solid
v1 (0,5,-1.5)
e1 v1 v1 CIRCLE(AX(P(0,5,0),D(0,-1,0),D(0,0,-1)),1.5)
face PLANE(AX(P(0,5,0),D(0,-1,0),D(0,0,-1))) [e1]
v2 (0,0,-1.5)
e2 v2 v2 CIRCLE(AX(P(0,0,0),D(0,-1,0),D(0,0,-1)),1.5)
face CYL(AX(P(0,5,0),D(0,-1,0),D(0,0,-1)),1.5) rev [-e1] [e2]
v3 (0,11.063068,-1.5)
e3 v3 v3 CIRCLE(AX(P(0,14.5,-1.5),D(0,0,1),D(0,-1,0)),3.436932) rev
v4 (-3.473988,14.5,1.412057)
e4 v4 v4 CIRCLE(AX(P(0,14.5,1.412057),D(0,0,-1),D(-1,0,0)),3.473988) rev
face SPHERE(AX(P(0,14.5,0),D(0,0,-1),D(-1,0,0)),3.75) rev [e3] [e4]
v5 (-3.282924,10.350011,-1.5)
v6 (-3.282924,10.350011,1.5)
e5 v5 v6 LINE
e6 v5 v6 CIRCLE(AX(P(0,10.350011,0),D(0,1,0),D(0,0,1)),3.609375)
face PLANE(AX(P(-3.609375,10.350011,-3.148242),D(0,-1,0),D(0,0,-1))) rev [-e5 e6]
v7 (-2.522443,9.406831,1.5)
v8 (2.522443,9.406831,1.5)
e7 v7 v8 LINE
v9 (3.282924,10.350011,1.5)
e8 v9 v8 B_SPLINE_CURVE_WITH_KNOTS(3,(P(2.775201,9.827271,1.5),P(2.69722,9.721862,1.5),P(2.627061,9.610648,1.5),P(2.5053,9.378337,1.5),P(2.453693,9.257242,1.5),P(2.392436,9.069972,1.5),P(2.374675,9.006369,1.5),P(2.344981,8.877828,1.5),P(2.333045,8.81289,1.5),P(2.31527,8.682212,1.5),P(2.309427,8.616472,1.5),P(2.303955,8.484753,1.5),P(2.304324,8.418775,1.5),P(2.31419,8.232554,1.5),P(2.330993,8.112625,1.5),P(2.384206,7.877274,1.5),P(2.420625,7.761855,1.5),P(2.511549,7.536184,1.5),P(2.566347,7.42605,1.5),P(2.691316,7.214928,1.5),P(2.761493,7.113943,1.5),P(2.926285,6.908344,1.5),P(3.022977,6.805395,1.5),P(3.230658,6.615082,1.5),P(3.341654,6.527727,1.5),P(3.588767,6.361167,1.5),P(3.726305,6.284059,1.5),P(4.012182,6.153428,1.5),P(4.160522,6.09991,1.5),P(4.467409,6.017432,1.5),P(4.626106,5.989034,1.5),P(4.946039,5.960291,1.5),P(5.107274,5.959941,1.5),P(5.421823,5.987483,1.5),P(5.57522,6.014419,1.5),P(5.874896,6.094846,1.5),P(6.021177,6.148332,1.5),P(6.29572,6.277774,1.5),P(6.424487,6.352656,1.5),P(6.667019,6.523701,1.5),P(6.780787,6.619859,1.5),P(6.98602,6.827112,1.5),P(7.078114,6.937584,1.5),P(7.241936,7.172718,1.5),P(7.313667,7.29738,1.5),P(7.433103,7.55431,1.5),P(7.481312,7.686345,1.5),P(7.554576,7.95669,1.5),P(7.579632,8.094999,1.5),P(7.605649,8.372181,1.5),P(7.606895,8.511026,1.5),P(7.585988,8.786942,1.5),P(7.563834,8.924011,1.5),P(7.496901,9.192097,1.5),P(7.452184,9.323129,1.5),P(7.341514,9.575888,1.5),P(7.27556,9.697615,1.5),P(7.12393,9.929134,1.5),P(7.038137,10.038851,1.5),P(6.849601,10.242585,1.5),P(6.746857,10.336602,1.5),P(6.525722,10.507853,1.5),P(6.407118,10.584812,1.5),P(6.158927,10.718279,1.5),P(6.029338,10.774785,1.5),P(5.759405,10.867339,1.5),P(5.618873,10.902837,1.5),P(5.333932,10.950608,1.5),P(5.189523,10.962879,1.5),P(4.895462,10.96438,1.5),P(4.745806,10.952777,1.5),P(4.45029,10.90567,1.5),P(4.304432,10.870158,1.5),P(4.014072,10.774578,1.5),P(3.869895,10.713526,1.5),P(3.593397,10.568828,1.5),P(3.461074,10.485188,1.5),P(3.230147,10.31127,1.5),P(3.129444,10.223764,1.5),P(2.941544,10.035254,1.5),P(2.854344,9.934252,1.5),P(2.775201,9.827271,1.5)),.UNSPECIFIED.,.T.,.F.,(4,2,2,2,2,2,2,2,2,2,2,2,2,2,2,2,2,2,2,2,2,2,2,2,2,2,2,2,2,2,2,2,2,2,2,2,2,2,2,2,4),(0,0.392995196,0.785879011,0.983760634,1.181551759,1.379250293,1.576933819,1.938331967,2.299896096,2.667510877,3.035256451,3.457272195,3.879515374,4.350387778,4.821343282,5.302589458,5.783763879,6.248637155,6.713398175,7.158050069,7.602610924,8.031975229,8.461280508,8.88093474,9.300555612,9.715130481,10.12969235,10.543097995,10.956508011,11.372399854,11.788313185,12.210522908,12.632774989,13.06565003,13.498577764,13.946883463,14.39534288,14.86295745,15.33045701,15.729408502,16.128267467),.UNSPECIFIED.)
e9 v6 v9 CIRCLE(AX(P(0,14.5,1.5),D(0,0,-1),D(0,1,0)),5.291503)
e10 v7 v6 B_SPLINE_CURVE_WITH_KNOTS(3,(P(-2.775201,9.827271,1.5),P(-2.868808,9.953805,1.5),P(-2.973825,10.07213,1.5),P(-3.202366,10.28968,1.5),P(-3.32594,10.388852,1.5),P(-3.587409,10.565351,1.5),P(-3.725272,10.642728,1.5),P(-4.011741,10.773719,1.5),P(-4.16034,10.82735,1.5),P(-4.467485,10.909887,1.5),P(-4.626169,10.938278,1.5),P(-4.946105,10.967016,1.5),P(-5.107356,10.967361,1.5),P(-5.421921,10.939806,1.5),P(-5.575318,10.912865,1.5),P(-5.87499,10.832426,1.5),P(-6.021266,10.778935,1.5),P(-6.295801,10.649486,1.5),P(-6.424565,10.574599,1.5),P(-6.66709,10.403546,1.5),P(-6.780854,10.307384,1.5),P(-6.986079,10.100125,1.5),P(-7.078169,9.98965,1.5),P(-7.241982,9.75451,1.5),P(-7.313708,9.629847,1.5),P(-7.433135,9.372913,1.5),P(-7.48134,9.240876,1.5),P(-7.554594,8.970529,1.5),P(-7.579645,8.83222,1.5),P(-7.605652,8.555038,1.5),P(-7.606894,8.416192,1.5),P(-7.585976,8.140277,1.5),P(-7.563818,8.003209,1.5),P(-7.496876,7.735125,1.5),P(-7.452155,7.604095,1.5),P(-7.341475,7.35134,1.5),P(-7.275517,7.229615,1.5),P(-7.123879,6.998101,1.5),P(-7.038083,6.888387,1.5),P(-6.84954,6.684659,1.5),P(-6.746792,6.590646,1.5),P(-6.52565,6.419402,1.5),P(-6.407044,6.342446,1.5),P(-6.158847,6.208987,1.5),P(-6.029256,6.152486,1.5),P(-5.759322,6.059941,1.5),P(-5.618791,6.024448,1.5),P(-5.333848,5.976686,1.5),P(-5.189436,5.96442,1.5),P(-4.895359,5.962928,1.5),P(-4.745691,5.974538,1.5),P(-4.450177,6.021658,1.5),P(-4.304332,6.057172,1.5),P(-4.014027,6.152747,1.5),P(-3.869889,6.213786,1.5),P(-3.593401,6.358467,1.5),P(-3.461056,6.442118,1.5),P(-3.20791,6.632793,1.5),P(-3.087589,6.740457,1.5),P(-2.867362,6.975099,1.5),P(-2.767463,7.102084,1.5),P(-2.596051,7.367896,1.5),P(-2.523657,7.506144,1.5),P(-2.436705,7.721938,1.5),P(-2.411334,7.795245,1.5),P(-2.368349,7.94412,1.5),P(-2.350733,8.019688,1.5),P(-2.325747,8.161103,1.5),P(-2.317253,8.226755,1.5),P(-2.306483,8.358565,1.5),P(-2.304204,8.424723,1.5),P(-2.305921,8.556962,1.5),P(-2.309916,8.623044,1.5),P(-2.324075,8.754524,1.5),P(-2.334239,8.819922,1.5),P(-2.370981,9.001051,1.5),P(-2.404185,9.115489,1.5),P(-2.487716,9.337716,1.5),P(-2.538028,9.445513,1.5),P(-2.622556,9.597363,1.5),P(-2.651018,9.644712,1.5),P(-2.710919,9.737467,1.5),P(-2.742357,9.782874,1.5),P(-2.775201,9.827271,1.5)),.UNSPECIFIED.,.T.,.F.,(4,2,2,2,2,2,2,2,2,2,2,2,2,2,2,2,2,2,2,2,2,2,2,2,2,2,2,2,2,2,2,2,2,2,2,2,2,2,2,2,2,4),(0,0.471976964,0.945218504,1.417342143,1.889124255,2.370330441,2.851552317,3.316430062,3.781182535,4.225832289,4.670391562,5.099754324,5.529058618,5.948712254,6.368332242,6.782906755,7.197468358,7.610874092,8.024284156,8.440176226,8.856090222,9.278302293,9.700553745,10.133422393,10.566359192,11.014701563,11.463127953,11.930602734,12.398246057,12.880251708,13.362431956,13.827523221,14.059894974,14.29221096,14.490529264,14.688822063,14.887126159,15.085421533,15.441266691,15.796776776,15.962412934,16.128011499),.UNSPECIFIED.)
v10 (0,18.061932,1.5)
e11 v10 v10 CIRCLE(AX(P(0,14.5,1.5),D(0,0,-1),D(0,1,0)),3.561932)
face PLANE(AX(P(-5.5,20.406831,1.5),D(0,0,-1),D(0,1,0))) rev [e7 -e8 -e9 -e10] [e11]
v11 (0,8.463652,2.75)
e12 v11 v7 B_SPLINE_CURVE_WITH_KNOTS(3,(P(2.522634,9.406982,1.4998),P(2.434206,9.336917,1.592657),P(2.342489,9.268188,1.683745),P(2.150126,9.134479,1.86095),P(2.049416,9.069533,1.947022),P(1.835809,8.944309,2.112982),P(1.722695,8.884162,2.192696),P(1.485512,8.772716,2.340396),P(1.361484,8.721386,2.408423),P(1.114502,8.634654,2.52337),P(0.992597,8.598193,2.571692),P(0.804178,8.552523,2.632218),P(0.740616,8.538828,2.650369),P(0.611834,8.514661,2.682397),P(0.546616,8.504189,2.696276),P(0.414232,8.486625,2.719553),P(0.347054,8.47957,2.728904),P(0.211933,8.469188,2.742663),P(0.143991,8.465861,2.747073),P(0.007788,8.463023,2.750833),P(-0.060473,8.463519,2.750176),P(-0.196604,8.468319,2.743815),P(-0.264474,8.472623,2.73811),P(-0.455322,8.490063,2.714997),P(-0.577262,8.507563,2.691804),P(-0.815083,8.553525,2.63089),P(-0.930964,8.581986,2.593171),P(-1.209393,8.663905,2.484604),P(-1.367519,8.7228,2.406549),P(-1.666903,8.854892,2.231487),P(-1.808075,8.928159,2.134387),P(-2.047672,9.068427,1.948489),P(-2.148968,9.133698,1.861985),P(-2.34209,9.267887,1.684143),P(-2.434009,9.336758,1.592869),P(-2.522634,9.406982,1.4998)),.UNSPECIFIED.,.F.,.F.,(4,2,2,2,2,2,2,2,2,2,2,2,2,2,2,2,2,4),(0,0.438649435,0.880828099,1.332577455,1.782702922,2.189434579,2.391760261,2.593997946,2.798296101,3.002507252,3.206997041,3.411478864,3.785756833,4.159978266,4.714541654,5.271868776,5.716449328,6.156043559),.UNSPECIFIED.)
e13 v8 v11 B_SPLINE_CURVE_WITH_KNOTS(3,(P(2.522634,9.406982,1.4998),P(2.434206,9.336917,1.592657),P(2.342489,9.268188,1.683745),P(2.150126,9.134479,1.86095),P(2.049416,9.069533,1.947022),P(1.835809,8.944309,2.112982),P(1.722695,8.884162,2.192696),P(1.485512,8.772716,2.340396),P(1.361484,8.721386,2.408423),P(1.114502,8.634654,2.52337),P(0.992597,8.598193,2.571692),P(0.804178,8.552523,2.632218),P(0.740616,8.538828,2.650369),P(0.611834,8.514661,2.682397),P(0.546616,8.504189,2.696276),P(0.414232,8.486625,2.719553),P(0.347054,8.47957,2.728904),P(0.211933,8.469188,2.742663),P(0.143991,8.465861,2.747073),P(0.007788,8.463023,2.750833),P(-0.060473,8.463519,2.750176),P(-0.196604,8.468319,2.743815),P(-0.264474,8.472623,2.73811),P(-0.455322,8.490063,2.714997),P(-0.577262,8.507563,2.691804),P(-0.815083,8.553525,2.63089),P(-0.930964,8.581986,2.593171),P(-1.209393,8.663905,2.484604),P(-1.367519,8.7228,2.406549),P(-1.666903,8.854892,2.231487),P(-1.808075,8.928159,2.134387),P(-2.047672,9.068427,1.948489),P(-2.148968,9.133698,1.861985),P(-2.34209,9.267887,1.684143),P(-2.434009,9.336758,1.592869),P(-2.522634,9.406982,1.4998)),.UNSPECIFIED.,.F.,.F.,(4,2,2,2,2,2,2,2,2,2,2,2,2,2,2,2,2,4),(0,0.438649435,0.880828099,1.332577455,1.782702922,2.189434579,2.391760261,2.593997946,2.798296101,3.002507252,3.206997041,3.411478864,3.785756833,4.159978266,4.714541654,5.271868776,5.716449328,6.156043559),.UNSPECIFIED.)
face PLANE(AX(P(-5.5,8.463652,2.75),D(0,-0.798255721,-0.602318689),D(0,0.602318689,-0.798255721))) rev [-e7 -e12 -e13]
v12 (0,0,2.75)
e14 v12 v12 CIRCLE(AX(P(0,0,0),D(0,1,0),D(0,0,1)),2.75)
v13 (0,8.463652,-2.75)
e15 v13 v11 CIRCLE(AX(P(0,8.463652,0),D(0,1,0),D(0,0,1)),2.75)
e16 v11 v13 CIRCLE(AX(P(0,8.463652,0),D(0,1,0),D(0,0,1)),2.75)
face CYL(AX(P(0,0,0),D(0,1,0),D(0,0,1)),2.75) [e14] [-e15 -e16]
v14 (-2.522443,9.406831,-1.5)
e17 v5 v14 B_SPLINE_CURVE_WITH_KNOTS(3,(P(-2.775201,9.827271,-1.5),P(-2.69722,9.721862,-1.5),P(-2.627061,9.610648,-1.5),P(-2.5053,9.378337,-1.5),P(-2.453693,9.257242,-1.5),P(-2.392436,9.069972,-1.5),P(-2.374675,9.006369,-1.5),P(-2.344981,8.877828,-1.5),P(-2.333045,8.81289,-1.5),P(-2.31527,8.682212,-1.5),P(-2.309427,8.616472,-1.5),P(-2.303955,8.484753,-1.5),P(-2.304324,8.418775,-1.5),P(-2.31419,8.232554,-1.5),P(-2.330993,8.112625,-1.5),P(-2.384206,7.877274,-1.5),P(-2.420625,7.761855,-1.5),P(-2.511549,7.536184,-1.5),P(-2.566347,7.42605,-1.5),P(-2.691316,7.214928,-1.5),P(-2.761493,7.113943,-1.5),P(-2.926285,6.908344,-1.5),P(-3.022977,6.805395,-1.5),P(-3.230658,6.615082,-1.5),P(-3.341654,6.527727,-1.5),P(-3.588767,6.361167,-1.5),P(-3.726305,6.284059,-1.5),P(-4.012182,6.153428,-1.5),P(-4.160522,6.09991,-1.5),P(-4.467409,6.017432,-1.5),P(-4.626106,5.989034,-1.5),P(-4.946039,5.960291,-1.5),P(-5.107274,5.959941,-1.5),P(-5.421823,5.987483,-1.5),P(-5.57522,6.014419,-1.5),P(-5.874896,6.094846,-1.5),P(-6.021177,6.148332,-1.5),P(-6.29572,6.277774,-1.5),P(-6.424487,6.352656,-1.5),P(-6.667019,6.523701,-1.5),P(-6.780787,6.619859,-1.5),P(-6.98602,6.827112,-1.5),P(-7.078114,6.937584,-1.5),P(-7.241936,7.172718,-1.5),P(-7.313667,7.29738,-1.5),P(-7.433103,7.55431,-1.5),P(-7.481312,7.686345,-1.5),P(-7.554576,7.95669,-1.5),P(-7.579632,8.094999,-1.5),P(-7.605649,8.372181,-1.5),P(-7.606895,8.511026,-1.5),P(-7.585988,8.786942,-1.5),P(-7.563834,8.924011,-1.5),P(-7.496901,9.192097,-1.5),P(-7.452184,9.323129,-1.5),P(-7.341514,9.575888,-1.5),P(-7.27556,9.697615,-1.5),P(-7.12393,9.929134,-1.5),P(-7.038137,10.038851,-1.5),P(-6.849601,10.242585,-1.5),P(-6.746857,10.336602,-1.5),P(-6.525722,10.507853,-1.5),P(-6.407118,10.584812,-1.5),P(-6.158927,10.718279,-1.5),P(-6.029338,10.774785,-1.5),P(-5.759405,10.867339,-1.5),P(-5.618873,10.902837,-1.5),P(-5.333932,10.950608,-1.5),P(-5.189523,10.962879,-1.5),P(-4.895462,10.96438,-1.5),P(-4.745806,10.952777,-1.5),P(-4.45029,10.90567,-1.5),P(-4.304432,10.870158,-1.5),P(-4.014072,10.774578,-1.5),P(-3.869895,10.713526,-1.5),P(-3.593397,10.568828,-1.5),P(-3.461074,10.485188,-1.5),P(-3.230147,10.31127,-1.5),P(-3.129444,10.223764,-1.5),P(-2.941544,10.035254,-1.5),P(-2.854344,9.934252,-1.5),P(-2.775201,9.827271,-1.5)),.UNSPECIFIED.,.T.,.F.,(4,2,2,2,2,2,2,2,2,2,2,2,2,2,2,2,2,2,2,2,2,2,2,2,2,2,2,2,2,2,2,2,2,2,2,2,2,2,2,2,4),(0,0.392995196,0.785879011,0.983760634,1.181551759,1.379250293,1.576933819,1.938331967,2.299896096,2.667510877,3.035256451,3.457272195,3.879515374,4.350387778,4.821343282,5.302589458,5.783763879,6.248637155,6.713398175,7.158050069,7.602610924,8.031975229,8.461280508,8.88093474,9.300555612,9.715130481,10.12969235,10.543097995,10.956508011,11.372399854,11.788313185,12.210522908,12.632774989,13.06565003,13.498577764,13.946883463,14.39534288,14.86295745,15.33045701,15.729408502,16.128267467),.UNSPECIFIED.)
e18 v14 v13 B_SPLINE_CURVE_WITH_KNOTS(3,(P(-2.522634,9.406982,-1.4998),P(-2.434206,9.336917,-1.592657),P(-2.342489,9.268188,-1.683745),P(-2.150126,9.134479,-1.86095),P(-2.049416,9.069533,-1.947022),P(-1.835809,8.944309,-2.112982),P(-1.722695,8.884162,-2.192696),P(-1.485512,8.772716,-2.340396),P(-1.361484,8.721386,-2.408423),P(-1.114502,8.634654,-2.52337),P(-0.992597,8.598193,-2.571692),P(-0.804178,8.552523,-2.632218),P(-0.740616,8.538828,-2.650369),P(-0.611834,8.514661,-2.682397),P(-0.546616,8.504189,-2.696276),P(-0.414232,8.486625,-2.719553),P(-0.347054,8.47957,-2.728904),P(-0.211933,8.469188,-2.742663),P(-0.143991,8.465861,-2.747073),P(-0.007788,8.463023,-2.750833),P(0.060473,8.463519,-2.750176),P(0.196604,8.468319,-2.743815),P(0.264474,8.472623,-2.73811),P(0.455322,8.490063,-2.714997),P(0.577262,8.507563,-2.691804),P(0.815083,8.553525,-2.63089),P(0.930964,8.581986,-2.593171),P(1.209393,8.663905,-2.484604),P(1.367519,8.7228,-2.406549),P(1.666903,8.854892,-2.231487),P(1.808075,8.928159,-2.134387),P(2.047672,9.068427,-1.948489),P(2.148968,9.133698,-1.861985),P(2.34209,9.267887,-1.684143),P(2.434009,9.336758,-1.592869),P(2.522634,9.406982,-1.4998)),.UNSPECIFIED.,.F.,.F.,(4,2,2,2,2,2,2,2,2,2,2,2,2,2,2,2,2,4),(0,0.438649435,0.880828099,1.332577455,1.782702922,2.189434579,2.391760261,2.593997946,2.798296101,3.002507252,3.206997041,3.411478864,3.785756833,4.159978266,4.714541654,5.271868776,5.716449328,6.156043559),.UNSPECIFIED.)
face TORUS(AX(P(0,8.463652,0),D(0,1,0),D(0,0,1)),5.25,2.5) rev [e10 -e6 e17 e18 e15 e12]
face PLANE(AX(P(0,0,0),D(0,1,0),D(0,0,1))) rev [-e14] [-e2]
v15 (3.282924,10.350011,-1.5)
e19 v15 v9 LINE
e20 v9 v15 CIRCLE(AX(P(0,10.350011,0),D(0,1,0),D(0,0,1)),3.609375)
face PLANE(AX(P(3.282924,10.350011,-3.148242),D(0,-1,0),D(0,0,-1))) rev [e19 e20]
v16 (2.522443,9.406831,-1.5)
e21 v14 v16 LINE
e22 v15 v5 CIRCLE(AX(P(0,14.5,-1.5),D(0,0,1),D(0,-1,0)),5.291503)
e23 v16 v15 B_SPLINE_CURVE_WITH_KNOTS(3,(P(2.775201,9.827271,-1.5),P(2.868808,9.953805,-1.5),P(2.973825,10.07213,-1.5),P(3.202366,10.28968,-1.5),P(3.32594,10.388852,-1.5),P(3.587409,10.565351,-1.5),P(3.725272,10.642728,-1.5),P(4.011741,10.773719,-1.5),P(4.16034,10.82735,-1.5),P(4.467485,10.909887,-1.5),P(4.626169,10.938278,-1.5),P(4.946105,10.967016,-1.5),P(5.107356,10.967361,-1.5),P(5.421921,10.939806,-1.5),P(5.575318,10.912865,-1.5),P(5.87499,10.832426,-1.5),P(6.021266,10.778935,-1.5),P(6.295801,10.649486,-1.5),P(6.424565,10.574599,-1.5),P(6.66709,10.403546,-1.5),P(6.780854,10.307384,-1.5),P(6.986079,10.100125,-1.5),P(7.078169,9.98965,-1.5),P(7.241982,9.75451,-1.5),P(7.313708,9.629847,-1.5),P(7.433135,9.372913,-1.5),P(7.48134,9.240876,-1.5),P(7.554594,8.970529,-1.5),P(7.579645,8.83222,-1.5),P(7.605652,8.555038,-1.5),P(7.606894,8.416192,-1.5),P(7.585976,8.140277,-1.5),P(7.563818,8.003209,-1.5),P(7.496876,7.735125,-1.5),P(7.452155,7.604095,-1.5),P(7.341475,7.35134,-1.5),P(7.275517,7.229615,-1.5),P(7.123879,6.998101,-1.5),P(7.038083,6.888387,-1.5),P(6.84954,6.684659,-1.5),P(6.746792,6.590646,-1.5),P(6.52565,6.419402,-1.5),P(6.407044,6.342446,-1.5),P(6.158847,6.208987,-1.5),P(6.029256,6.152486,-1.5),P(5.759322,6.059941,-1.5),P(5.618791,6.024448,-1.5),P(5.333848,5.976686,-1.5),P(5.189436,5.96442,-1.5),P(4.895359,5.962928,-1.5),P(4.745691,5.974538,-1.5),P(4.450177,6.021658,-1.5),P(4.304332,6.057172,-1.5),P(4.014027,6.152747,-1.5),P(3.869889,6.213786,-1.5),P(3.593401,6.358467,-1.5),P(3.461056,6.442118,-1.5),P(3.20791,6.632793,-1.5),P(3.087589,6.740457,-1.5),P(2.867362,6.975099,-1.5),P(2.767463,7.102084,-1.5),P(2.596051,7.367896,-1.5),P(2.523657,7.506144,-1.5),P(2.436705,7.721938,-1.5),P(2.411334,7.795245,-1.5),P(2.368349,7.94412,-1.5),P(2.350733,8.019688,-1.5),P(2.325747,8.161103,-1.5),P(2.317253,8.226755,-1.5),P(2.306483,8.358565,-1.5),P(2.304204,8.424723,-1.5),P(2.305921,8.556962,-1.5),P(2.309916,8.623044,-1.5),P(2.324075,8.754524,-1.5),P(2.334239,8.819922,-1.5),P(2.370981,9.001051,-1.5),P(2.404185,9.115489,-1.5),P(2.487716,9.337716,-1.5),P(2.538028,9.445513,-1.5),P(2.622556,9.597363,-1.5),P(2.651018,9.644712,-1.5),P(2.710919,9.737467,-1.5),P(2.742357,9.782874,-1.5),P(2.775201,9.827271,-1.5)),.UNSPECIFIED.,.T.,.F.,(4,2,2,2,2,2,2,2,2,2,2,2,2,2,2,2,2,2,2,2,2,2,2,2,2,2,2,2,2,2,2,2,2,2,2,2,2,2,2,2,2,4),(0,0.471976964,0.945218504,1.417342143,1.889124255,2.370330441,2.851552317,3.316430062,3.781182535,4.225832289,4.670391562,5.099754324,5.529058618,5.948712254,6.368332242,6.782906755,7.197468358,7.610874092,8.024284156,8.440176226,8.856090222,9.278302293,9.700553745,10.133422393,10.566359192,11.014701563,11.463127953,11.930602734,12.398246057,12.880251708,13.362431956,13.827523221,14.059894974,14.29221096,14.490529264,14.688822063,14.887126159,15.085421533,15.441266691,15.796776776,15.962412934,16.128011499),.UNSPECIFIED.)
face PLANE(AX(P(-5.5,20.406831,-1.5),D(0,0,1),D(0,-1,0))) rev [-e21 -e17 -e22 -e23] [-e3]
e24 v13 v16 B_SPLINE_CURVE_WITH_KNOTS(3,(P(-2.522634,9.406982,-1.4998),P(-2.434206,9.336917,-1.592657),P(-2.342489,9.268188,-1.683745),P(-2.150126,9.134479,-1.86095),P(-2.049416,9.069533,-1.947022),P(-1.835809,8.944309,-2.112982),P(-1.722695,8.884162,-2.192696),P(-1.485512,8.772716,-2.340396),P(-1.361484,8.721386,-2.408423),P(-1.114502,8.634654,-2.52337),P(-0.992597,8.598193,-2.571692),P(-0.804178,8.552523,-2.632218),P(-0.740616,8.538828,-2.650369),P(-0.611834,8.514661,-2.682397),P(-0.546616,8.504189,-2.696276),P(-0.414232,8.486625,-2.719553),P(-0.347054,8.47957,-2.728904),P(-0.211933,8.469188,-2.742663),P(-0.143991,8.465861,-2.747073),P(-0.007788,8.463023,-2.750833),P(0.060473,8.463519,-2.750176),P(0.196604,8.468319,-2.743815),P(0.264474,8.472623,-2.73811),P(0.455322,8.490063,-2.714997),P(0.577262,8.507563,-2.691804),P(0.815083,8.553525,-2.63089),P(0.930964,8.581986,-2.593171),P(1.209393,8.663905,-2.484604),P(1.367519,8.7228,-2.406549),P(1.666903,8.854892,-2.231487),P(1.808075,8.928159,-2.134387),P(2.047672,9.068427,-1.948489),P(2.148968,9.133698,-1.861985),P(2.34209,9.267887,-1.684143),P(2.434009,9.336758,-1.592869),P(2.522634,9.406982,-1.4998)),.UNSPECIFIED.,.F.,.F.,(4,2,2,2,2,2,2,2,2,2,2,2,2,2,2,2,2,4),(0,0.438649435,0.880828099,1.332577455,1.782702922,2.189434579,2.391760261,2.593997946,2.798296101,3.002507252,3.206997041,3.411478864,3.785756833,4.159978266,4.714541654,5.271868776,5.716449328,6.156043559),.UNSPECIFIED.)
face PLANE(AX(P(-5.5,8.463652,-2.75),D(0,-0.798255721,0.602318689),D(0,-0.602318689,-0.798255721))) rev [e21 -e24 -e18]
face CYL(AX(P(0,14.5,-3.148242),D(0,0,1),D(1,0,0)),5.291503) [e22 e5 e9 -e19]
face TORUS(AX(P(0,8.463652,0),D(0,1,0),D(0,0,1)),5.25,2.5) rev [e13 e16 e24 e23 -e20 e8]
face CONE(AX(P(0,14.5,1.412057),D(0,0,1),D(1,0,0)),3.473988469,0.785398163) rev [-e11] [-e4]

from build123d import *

# Parameters (mm, degrees)
CUT_EXTRUDE1_DEPTH      = 22.459263734
CUT_EXTRUDE1_DEPTH_BACK = 22.459263734
CUT_EXTRUDE2_DEPTH      = 21.923969522
CUT_EXTRUDE2_DEPTH_BACK = 21.923969522
SKETCH3_R               = 3
CHAMFER1_SIZE           = 0.125
CHAMFER1_SIZE2          = 0.094947636
CUT_EXTRUDE3_DEPTH      = 22.17339134
CUT_EXTRUDE3_DEPTH_BACK = 22.17339134
SKETCH7_R               = 1.5
CUT_EXTRUDE4_DEPTH      = 5


with BuildPart() as part:
    # Sketch1 → Revolve1 (revolve)
    with BuildSketch(Plane.XY, mode=Mode.PRIVATE) as revolve1_sk:
        with BuildLine():
            Line((0, 11), (0, 0))
            Line((0, 0), (2.75, 0))
            Line((2.75, 0), (2.75, 8.463651766))
            ThreePointArc((2.75, 8.463651766), (2.97496566, 9.500097013), (3.609375, 10.350010589))
            ThreePointArc((3.609375, 10.350010589), (5.151453278, 16.426792444), (0, 20))
            Line((0, 20), (0, 11))
        make_face()
    revolve(revolve1_sk.sketch.rotate(Axis((0, 0, 0), (0, -1, 0)), 90), axis=Axis((0, 0, 0), (0, -1, 0)))

    # Sketch2 → Cut-Extrude1 (cut, two sides: drawn at the far end of the back side and taken through both)
    with BuildSketch(Plane(origin=(0, 0, 0), x_dir=(0, 0, -1), z_dir=(1, 0, 0)).offset(-CUT_EXTRUDE1_DEPTH_BACK)):
        Polygon((-6.5, 9.406831178), (-2.75, 8.463651766), (-1.5, 9.406831178), (-1.5, 20.406831178), (-6.5, 20.406831178), align=None)
        Polygon((6.5, 20.406831178), (6.5, 9.406831178), (2.75, 8.463651766), (1.5, 9.406831178), (1.5, 20.406831178), align=None)
    extrude(amount=CUT_EXTRUDE1_DEPTH + CUT_EXTRUDE1_DEPTH_BACK, mode=Mode.SUBTRACT)

    # Sketch3 → Cut-Extrude2 (cut, two sides: drawn at the far end of the back side and taken through both)
    with BuildSketch(Plane.XY.offset(-CUT_EXTRUDE2_DEPTH_BACK)):
        with Locations(Location((0, 14.5, 0), (0, 0, 90))):
            Circle(SKETCH3_R)
    extrude(amount=CUT_EXTRUDE2_DEPTH + CUT_EXTRUDE2_DEPTH_BACK, mode=Mode.SUBTRACT)

    # Sketch5 → Cut-Revolve2 (revolve, cut)
    with BuildSketch(Plane.XY):
        with BuildLine():
            Line((0, 18.25), (0, 10.75))
            ThreePointArc((0, 10.75), (3.75, 14.5), (0, 18.25))
        make_face()
    revolve(axis=Axis((0, 18.25, 0), (0, -1, 0)), mode=Mode.SUBTRACT)

    # Chamfer1
    chamfer1_edges = [part.edges().sort_by_distance(p)[0] for p in [
        (0, 17.936931771, 1.5),
    ]]
    chamfer1_side = [part.faces().sort_by_distance(p)[0] for p in [
        (0, 9.555101677, 1.5),
    ]]
    chamfer(chamfer1_edges, length=CHAMFER1_SIZE, length2=CHAMFER1_SIZE2, reference=chamfer1_side[0])

    # Sketch6 → Cut-Extrude3 (cut, two sides: drawn at the far end of the back side and taken through both)
    with BuildSketch(Plane.XY.offset(1.5).offset(-CUT_EXTRUDE3_DEPTH_BACK)):
        with BuildLine():
            Line((-3.609375, 10.350010589), (-3.28292368, 10.350010589))
            ThreePointArc((-3.28292368, 10.350010589), (0, 19.791502622), (3.28292368, 10.350010589))
            Line((3.28292368, 10.350010589), (3.609375, 10.350010589))
            ThreePointArc((3.609375, 10.350010589), (0, 20), (-3.609375, 10.350010589))
        make_face()
    extrude(amount=CUT_EXTRUDE3_DEPTH + CUT_EXTRUDE3_DEPTH_BACK, mode=Mode.SUBTRACT)

    # Sketch7 → Cut-Extrude4 (cut)
    with BuildSketch(Plane.XZ):
        with Locations(Location((0, 0, 0), (0, 0, 270))):
            Circle(SKETCH7_R)
    extrude(amount=-CUT_EXTRUDE4_DEPTH, mode=Mode.SUBTRACT)


solid = part.part
